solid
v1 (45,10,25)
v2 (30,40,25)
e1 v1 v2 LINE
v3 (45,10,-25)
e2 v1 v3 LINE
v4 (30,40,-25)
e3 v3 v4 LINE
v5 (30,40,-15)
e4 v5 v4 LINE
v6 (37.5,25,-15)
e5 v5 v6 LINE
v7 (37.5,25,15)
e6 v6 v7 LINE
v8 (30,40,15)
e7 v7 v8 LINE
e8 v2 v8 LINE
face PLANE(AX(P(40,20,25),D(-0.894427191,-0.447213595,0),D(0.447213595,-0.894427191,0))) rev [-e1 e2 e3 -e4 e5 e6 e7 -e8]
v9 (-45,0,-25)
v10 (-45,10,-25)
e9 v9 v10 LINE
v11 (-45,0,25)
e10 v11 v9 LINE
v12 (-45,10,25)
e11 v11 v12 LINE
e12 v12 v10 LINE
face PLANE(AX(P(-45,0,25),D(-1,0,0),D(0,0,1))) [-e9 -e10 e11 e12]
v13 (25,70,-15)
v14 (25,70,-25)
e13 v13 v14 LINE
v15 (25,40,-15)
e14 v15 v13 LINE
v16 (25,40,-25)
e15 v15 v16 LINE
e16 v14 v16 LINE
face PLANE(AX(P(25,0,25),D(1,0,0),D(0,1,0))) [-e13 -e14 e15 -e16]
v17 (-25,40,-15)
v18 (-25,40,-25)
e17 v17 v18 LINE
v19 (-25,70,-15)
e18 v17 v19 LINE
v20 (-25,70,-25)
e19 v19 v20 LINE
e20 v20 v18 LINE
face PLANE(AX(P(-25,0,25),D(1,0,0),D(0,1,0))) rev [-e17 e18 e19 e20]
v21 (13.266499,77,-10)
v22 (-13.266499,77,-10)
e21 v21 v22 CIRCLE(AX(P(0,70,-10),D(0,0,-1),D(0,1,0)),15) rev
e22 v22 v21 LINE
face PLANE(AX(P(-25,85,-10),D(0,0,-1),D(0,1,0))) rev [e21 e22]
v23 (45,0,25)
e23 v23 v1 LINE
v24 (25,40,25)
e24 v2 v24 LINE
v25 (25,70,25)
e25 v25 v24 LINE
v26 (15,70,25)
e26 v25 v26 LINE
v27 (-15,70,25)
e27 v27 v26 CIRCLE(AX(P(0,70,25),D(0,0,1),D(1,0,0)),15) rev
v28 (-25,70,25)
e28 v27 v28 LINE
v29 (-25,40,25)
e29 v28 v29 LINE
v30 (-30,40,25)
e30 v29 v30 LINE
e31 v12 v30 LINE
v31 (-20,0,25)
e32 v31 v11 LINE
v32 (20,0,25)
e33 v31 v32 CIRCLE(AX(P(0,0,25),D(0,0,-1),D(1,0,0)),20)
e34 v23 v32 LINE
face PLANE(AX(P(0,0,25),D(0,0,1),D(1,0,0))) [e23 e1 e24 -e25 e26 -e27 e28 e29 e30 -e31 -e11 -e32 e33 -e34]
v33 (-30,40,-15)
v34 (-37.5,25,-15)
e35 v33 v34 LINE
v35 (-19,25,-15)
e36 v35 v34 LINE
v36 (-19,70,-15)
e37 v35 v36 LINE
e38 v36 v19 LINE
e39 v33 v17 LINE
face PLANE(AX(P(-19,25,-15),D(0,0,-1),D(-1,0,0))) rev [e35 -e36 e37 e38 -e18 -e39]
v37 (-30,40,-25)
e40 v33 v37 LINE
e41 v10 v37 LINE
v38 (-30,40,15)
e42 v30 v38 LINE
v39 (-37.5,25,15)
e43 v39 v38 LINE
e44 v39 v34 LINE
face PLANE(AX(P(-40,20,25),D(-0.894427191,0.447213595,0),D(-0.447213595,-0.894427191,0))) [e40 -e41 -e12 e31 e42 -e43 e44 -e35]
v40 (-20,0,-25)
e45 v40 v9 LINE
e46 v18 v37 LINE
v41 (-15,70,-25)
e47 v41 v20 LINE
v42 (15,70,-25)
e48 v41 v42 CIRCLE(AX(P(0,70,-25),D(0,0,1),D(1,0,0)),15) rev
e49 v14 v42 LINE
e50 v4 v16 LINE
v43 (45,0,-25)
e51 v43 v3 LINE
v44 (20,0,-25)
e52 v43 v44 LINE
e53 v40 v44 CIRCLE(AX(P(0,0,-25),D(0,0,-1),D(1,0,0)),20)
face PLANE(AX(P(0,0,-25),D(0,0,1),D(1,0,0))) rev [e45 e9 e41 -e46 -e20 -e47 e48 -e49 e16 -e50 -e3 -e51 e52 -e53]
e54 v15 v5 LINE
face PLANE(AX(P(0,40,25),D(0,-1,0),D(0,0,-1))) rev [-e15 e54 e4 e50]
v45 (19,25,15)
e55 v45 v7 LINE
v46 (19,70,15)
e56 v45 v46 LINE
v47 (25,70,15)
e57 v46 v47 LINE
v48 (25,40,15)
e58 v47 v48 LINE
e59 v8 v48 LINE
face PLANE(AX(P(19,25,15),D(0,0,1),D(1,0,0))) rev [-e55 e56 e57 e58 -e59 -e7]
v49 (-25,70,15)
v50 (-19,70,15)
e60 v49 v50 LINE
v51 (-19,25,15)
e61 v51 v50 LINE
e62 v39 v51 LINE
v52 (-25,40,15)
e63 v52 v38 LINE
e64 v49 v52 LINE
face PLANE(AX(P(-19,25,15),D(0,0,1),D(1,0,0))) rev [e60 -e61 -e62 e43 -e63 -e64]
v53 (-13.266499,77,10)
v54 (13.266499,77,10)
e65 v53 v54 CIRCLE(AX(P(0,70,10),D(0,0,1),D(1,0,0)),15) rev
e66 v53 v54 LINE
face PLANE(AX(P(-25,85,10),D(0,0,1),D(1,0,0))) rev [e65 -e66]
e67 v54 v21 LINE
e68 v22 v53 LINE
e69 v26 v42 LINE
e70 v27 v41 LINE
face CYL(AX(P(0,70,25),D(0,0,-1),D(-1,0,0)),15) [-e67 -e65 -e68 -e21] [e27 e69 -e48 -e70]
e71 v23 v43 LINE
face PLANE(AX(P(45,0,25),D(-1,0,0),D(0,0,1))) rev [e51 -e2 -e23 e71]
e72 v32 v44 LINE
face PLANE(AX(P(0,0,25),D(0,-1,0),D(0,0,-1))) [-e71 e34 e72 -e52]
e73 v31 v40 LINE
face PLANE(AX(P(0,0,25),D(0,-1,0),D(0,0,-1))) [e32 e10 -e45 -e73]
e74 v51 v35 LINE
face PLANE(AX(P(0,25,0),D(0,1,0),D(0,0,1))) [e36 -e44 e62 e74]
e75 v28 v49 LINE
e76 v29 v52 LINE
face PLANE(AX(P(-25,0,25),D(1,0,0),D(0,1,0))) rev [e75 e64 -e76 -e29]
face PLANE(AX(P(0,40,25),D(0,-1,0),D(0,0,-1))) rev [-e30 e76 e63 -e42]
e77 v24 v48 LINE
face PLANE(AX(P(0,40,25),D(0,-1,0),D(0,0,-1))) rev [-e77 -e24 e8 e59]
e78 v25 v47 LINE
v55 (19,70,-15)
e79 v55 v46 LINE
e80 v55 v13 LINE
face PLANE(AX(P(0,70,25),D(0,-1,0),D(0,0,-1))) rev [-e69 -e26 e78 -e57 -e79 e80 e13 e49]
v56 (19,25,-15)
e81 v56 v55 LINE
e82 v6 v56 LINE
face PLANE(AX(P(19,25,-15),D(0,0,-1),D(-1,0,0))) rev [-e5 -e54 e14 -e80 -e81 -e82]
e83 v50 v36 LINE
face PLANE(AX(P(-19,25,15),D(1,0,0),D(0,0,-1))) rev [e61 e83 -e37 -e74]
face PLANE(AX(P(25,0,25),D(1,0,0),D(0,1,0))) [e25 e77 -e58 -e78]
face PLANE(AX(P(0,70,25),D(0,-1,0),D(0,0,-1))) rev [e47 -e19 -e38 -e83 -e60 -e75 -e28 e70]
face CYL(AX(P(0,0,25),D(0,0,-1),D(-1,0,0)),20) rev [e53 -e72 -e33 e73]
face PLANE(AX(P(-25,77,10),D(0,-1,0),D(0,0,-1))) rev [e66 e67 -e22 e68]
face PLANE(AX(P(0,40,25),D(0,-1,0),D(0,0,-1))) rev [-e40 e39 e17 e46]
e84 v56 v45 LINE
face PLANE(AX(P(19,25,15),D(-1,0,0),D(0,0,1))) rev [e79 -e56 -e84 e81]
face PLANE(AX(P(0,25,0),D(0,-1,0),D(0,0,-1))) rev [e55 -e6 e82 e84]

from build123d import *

# Parameters (mm, degrees)
BOSS_EXTRUDE2_DEPTH = 25
SKETCH6_W           = 20
SKETCH6_H           = 8
CUT_EXTRUDE1_DEPTH  = 25
CUT_EXTRUDE2_DEPTH  = 51
SKETCH11_W          = 26
SKETCH11_H          = 30
CUT_EXTRUDE3_DEPTH  = 45


with BuildPart() as part:
    # Sketch3 → Boss-Extrude2 (new body, symmetric)
    with BuildSketch(Plane.XY):
        with BuildLine():
            Line((0, 85), (0, 70))
            Line((0, 70), (15, 70))
            ThreePointArc((15, 70), (10.606601718, 80.606601718), (0, 85))
        make_face()
        with BuildLine():
            Line((-15, 70), (0, 70))
            Line((0, 70), (0, 85))
            ThreePointArc((0, 85), (-10.606601718, 80.606601718), (-15, 70))
        make_face()
        Polygon((0, 70), (0, 40), (25, 40), (25, 70), (15, 70), align=None)
        Polygon((-45, 0), (0, 0), (0, 40), (-25, 40), (-30, 40), (-45, 10), align=None)
        Polygon((0, 0), (45, 0), (45, 10), (30, 40), (25, 40), (0, 40), align=None)
        Polygon((-25, 40), (0, 40), (0, 70), (-15, 70), (-25, 70), align=None)
    extrude(amount=BOSS_EXTRUDE2_DEPTH, both=True)

    # Sketch6 → Cut-Extrude1 (cut, symmetric)
    with BuildSketch(Plane(origin=(0, 0, 0), x_dir=(0, 0, -1), z_dir=(1, 0, 0))):
        with Locations((0, 81)):
            Rectangle(SKETCH6_W, SKETCH6_H)
    extrude(amount=CUT_EXTRUDE1_DEPTH, both=True, mode=Mode.SUBTRACT)

    # Sketch7 → Cut-Extrude2 (cut, through all)
    with BuildSketch(Plane(origin=(0, 0, -25), x_dir=(-1, 0, 0), z_dir=(0, 0, -1))):
        with BuildLine():
            Line((-20, 0), (20, 0))
            ThreePointArc((20, 0), (0, 20), (-20, 0))
        make_face()
    extrude(amount=-CUT_EXTRUDE2_DEPTH, mode=Mode.SUBTRACT)

    # Sketch11 → Cut-Extrude3 (cut)
    with BuildSketch(Plane(origin=(0, 70, 0), x_dir=(1, 0, 0), z_dir=(0, 1, 0))):
        with Locations((-32, 0)):
            Rectangle(SKETCH11_W, SKETCH11_H)
        with Locations((32, 0)):
            Rectangle(SKETCH11_W, SKETCH11_H)
    extrude(amount=-CUT_EXTRUDE3_DEPTH, mode=Mode.SUBTRACT)


solid = part.part
